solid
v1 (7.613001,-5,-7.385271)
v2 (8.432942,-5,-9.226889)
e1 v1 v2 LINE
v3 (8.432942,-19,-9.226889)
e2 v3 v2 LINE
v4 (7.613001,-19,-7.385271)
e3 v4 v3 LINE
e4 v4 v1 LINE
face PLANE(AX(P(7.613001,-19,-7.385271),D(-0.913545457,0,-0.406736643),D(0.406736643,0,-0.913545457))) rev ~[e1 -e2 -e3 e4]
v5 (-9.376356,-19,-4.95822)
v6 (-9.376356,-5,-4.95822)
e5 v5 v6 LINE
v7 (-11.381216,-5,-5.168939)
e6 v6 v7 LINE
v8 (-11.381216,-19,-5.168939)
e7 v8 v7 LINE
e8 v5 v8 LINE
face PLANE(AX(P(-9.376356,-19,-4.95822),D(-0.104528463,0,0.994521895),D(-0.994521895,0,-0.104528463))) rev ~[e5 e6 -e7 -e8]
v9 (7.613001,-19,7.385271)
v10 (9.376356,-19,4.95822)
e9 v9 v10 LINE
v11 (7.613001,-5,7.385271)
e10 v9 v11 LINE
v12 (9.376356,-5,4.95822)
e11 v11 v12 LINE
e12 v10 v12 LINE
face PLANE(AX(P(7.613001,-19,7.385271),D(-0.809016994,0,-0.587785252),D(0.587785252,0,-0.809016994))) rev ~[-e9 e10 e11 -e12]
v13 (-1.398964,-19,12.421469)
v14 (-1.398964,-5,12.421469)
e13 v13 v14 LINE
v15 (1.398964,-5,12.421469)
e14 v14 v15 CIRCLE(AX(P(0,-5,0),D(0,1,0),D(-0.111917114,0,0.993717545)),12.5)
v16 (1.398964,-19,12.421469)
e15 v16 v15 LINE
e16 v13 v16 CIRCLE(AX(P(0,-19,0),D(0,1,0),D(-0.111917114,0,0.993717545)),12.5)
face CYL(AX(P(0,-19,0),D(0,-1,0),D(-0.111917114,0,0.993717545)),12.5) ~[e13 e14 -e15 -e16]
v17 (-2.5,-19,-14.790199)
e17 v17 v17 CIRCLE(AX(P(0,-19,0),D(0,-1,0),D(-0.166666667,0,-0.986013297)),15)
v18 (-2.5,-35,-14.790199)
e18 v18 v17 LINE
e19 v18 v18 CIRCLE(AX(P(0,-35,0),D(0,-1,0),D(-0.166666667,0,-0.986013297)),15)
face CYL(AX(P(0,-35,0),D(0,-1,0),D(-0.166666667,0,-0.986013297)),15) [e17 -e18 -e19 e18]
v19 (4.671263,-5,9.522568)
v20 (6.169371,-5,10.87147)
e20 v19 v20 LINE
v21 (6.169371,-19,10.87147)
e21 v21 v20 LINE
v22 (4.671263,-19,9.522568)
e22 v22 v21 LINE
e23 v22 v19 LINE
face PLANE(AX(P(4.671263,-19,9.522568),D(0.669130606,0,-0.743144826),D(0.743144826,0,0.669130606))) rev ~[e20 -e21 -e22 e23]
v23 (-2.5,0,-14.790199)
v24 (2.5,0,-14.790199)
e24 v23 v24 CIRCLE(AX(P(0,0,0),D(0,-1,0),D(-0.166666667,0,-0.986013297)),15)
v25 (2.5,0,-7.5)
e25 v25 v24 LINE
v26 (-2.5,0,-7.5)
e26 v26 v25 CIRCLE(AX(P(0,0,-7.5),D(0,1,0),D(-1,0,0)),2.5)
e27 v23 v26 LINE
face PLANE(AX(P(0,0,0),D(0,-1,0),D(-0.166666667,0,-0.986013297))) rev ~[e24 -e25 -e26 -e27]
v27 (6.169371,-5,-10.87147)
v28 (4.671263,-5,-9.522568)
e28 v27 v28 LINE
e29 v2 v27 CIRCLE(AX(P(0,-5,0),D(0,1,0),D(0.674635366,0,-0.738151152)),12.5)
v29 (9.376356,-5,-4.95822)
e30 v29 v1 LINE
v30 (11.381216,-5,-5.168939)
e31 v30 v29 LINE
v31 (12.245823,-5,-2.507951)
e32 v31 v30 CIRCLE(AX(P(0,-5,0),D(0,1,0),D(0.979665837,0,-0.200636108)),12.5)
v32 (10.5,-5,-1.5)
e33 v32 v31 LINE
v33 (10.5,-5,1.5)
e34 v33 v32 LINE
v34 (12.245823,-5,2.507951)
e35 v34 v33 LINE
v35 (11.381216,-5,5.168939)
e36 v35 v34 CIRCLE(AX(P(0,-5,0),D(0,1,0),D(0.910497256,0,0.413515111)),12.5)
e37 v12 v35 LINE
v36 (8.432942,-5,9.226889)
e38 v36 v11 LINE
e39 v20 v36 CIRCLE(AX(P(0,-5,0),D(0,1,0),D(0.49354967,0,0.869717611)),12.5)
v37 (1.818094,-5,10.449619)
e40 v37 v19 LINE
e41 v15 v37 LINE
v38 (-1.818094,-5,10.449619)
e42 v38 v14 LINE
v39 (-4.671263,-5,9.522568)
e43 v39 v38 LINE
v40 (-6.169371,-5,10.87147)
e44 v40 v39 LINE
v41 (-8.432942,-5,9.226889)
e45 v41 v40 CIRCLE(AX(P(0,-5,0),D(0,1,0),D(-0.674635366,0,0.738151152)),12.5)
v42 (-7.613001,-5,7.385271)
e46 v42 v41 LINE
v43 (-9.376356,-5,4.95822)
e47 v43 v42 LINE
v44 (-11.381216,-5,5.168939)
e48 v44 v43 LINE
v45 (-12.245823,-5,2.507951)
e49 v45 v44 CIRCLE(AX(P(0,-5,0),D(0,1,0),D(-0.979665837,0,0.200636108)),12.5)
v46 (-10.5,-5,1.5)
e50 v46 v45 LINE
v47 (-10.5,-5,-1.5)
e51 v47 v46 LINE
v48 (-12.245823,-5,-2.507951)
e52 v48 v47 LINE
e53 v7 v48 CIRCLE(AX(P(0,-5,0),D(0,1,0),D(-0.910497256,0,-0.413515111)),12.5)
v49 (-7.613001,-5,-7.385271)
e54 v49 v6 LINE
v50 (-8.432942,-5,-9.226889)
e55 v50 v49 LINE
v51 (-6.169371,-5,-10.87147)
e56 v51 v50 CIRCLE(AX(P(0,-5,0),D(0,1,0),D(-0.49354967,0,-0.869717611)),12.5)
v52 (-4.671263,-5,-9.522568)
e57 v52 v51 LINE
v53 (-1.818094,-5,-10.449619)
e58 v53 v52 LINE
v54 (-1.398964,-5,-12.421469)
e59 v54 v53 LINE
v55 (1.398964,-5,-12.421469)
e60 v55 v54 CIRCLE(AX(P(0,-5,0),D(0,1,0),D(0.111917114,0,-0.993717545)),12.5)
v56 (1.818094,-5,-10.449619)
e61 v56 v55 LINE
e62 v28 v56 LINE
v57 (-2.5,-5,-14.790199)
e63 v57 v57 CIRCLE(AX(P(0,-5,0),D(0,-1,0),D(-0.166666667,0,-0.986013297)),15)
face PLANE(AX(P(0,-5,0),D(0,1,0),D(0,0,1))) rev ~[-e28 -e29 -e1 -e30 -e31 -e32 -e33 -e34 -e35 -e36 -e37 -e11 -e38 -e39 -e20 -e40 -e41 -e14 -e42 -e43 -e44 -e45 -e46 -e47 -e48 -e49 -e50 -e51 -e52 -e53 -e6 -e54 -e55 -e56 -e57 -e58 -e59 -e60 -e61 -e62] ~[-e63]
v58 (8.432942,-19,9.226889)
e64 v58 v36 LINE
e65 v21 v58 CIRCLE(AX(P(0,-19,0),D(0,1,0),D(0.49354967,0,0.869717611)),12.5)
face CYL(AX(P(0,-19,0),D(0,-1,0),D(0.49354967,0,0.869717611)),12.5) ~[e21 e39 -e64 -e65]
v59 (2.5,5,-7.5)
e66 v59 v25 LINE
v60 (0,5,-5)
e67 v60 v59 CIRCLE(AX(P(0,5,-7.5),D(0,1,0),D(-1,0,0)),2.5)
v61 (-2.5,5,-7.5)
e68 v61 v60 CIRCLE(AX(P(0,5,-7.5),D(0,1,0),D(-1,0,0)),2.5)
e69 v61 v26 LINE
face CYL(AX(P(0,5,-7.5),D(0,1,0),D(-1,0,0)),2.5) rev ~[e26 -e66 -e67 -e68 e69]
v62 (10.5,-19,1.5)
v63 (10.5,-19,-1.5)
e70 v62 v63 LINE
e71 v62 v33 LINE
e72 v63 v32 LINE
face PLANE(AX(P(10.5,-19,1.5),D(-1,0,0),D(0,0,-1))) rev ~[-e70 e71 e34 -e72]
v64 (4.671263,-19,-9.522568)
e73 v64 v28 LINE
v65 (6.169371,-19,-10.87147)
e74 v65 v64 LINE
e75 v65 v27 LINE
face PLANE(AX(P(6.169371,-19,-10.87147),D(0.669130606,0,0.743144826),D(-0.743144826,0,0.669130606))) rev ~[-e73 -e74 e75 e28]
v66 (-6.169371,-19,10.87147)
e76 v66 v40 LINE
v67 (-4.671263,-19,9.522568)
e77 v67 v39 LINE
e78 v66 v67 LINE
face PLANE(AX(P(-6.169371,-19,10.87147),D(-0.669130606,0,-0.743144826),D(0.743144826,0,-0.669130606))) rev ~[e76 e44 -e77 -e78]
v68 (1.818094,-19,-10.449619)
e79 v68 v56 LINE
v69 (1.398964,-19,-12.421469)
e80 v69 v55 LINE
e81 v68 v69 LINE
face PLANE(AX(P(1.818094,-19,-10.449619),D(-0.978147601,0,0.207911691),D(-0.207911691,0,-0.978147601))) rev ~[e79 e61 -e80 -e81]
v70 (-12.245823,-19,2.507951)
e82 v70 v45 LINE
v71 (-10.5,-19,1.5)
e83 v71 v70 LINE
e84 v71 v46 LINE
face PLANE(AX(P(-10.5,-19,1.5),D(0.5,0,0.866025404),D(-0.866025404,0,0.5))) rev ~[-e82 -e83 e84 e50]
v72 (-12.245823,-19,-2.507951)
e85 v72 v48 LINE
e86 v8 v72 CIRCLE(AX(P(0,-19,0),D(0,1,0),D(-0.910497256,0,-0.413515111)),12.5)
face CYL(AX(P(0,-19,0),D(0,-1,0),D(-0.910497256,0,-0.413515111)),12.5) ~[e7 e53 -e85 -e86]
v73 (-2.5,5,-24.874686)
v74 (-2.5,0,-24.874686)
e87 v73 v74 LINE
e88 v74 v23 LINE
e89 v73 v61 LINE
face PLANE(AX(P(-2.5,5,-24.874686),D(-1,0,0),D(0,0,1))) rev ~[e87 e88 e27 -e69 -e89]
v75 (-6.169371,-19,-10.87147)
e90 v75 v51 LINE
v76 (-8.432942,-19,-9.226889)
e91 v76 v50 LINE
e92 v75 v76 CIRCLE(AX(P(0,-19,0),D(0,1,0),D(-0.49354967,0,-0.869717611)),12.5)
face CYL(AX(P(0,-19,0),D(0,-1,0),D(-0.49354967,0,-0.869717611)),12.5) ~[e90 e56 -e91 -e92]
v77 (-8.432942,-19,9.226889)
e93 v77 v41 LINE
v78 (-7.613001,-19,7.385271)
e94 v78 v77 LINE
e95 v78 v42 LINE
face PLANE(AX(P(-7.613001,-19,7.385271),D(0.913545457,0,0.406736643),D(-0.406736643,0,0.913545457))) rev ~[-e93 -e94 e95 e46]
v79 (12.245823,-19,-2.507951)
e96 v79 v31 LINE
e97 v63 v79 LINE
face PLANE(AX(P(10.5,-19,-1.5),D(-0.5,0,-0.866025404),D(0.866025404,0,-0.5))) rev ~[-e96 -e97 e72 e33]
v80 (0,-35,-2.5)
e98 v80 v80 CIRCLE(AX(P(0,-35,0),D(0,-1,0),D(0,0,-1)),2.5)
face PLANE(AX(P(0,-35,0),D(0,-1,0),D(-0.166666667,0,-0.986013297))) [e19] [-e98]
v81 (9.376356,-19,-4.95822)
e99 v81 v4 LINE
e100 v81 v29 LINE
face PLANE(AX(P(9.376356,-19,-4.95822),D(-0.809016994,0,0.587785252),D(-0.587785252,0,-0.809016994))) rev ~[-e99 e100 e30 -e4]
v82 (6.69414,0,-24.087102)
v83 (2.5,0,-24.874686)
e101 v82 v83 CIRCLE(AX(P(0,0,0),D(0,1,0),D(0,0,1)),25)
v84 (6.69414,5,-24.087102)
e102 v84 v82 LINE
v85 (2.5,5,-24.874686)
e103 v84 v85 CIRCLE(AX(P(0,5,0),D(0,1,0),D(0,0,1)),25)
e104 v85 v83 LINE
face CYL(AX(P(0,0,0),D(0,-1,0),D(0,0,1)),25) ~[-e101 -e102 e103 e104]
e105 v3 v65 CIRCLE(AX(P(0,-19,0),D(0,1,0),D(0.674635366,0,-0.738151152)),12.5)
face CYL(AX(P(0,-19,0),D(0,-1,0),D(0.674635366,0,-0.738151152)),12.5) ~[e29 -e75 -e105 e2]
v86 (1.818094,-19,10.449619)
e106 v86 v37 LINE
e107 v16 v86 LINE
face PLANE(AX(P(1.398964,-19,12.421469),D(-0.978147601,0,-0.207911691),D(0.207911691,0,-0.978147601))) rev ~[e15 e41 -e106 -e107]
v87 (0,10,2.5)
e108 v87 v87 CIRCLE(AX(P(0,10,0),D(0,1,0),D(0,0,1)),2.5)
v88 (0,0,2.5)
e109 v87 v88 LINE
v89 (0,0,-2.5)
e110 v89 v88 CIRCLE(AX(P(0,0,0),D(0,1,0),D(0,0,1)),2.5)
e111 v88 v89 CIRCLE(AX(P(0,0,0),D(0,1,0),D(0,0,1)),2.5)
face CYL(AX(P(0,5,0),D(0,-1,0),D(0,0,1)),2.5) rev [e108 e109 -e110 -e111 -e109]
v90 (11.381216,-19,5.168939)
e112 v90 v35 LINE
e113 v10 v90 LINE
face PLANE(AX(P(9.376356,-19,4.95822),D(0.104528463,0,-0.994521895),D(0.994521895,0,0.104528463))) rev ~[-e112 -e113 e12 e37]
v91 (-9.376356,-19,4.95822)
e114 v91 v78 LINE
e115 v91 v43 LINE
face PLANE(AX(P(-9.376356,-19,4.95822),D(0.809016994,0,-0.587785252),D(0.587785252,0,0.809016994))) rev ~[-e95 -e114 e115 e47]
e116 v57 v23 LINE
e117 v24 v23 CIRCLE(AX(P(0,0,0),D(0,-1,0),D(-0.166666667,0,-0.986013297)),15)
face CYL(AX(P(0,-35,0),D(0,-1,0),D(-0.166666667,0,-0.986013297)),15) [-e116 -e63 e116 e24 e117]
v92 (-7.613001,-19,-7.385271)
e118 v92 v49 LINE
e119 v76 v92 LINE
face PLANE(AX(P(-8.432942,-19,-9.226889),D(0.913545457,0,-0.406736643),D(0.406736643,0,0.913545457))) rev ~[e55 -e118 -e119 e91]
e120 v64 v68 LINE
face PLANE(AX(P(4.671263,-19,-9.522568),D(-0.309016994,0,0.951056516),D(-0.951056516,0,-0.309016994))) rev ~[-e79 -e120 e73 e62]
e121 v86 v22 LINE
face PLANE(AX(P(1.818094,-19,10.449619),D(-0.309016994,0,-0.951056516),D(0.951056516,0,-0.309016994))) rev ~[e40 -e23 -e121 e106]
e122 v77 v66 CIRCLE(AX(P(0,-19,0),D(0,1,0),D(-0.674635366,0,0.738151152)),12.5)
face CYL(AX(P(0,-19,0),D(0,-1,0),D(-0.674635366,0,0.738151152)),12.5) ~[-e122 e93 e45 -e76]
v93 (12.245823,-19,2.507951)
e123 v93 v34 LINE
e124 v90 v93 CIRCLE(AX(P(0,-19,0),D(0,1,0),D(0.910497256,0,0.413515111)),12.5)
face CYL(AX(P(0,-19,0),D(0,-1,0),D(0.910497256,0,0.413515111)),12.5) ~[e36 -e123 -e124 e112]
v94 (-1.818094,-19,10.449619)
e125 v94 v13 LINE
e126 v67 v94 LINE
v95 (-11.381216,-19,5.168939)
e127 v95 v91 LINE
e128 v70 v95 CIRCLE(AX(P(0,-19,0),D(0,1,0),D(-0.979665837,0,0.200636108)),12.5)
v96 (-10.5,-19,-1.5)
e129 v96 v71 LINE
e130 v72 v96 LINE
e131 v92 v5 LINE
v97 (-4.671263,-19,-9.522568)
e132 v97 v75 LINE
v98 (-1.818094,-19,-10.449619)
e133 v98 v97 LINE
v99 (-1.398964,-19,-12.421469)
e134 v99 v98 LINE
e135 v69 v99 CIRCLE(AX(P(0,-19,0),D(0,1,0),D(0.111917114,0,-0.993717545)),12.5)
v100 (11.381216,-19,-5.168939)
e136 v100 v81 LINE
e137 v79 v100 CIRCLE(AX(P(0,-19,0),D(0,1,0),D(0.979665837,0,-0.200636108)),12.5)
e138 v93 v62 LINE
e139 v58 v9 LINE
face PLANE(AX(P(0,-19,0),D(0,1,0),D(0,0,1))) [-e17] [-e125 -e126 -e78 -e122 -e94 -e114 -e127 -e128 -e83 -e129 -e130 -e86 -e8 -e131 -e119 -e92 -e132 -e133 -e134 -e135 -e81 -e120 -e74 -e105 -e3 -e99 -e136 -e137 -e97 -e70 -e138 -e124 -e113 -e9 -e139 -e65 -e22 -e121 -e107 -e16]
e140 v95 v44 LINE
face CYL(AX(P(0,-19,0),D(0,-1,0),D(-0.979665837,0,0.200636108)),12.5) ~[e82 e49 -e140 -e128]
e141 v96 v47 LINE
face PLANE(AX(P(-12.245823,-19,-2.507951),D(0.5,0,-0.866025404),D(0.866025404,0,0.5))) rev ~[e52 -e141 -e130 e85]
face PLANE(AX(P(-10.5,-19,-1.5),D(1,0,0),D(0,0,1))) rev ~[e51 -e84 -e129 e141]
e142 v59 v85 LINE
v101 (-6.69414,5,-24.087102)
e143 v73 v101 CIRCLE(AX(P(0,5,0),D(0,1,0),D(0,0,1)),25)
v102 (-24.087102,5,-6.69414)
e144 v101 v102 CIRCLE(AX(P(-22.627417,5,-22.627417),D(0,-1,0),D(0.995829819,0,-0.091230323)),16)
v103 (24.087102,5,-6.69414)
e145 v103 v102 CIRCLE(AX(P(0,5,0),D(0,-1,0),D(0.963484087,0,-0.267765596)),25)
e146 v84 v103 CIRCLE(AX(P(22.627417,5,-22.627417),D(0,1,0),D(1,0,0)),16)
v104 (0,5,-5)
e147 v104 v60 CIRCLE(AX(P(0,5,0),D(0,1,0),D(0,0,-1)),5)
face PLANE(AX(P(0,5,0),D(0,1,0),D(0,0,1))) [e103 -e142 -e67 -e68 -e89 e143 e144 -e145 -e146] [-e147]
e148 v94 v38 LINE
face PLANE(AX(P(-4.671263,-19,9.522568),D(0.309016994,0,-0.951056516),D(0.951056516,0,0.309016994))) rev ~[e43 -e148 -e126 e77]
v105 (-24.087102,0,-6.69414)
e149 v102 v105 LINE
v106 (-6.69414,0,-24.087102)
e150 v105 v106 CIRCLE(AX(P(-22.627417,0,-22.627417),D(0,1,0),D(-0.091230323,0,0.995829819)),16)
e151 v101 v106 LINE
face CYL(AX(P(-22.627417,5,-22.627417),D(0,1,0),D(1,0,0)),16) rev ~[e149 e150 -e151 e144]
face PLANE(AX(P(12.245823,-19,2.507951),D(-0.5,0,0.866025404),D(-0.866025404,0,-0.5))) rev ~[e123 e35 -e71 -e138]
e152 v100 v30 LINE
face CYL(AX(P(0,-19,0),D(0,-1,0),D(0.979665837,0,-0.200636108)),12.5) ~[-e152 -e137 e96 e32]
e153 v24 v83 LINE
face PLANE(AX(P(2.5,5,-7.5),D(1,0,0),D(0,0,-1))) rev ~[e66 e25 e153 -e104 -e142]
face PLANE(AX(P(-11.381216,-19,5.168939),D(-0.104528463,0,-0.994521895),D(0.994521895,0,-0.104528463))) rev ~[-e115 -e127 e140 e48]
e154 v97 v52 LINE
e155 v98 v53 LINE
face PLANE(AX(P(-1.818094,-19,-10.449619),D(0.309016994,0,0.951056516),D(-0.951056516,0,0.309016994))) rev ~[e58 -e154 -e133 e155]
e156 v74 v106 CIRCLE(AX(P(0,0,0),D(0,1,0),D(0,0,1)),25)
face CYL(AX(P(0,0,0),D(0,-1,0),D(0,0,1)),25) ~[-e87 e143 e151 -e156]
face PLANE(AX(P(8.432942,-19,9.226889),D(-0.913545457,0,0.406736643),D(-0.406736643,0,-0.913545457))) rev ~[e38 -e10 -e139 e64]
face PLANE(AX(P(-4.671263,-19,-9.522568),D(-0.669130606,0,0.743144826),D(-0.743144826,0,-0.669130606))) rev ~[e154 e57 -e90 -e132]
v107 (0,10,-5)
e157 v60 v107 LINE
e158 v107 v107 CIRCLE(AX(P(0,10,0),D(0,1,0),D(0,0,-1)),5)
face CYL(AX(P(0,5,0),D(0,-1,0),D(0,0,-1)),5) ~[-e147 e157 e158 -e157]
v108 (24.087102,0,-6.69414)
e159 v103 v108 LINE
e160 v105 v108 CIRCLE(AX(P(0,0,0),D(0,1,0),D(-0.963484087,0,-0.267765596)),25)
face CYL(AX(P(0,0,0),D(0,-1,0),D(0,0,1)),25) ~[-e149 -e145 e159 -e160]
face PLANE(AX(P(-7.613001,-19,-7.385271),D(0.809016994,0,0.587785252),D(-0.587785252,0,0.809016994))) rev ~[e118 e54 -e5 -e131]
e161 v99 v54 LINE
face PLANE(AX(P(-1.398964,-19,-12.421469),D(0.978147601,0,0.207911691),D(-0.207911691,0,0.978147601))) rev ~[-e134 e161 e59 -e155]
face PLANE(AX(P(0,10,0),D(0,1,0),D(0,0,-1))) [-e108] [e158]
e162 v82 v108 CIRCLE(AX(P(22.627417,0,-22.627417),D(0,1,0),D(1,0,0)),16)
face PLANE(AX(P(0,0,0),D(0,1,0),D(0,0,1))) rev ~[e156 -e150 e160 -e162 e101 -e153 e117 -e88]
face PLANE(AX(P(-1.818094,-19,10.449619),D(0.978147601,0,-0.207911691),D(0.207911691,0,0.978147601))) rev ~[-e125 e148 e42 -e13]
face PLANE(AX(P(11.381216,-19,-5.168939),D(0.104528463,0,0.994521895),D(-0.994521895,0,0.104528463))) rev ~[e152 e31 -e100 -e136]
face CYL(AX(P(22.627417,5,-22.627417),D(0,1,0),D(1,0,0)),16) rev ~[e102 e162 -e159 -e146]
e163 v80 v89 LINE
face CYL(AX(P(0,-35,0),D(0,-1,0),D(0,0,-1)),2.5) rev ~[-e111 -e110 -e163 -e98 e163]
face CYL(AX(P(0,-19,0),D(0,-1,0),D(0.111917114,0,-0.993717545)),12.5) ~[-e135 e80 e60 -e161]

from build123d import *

# Parameters (mm, degrees)
SKETCH1_R           = 25
SKETCH1_R_2         = 2.5
BOSS_EXTRUDE1_DEPTH = 5
SKETCH2_R           = 16
CUT_EXTRUDE1_DEPTH  = 36.707142143
SKETCH3_R           = 5
SKETCH3_R_2         = 2.5
BOSS_EXTRUDE2_DEPTH = 5
BOSS_EXTRUDE3_START = 35
SKETCH4_R           = 15
SKETCH4_R_2         = 2.5
BOSS_EXTRUDE3_DEPTH = 35
CUT_EXTRUDE2_START  = -19
SKETCH5_R           = 15
CUT_EXTRUDE2_DEPTH  = 14


with BuildPart() as part:
    # Sketch1 → Boss-Extrude1 (new body)
    with BuildSketch(Plane(origin=(0, 0, 0), x_dir=(1, 0, 0), z_dir=(0, 1, 0))):
        with Locations(Location((0, 0, 0), (0, 0, 270))):
            Circle(SKETCH1_R)
        with Locations(Location((0, 0, 0), (0, 0, 270))):
            Circle(SKETCH1_R_2, mode=Mode.SUBTRACT)
    extrude(amount=BOSS_EXTRUDE1_DEPTH)

    # Sketch2 → Cut-Extrude1 (cut, through all)
    with BuildSketch(Plane(origin=(0, 5, 0), x_dir=(1, 0, 0), z_dir=(0, 1, 0))):
        with Locations((22.627416998, 22.627416998)):
            Circle(SKETCH2_R)
        with Locations((-22.627416998, 22.627416998)):
            Circle(SKETCH2_R)
        with BuildLine():
            Line((-2.5, 24.874685928), (-2.5, 7.5))
            ThreePointArc((-2.5, 7.5), (0, 5), (2.5, 7.5))
            Line((2.5, 7.5), (2.5, 24.874685928))
            ThreePointArc((2.5, 24.874685928), (0, 25), (-2.5, 24.874685928))
        make_face()
    extrude(amount=-CUT_EXTRUDE1_DEPTH, mode=Mode.SUBTRACT)

    # Sketch3 → Boss-Extrude2 (add)
    with BuildSketch(Plane(origin=(0, 5, 0), x_dir=(1, 0, 0), z_dir=(0, 1, 0))):
        with Locations(Location((0, 0, 0), (0, 0, 90))):
            Circle(SKETCH3_R)
        with Locations(Location((0, 0, 0), (0, 0, 270))):
            Circle(SKETCH3_R_2, mode=Mode.SUBTRACT)
    extrude(amount=BOSS_EXTRUDE2_DEPTH)

    # Sketch4 → Boss-Extrude3 (add)
    with BuildSketch(Plane.XZ.offset(BOSS_EXTRUDE3_START)):
        with Locations(Location((0, 0, 0), (0, 0, 260.405931773))):
            Circle(SKETCH4_R)
        with Locations(Location((0, 0, 0), (0, 0, 270))):
            Circle(SKETCH4_R_2, mode=Mode.SUBTRACT)
    extrude(amount=-BOSS_EXTRUDE3_DEPTH)

    # Sketch5 → Cut-Extrude2 (cut)
    with BuildSketch(Plane(origin=(0, 0, 0), x_dir=(1, 0, 0), z_dir=(0, 1, 0)).offset(CUT_EXTRUDE2_START)):
        with Locations(Location((0, 0, 0), (0, 0, 270))):
            Circle(SKETCH5_R)
        with BuildLine():
            Line((-10.5, 1.5), (-10.5, -1.5))
            Line((-10.5, -1.5), (-12.245822961, -2.507951357))
            ThreePointArc((-12.245822961, -2.507951357), (-11.888206454, -3.86271243), (-11.381215706, -5.16893887))
            Line((-11.381215706, -5.16893887), (-9.376356319, -4.958219658))
            Line((-9.376356319, -4.958219658), (-7.613000562, -7.385270641))
            Line((-7.613000562, -7.385270641), (-8.432942065, -9.226889407))
            ThreePointArc((-8.432942065, -9.226889407), (-7.347315654, -10.11271243), (-6.169370885, -10.871470134))
            Line((-6.169370885, -10.871470134), (-4.671263215, -9.52256793))
            Line((-4.671263215, -9.52256793), (-1.818093666, -10.449618913))
            Line((-1.818093666, -10.449618913), (-1.398963925, -12.421469315))
            ThreePointArc((-1.398963925, -12.421469315), (0, -12.5), (1.398963925, -12.421469315))
            Line((1.398963925, -12.421469315), (1.818093666, -10.449618913))
            Line((1.818093666, -10.449618913), (4.671263215, -9.52256793))
            Line((4.671263215, -9.52256793), (6.169370885, -10.871470134))
            ThreePointArc((6.169370885, -10.871470134), (7.347315654, -10.11271243), (8.432942065, -9.226889407))
            Line((8.432942065, -9.226889407), (7.613000562, -7.385270641))
            Line((7.613000562, -7.385270641), (9.376356319, -4.958219658))
            Line((9.376356319, -4.958219658), (11.381215706, -5.16893887))
            ThreePointArc((11.381215706, -5.16893887), (11.888206454, -3.86271243), (12.245822961, -2.507951357))
            Line((12.245822961, -2.507951357), (10.5, -1.5))
            Line((10.5, -1.5), (10.5, 1.5))
            Line((10.5, 1.5), (12.245822961, 2.507951357))
            ThreePointArc((12.245822961, 2.507951357), (11.888206454, 3.86271243), (11.381215706, 5.16893887))
            Line((11.381215706, 5.16893887), (9.376356319, 4.958219658))
            Line((9.376356319, 4.958219658), (7.613000562, 7.385270641))
            Line((7.613000562, 7.385270641), (8.432942065, 9.226889407))
            ThreePointArc((8.432942065, 9.226889407), (7.347315654, 10.11271243), (6.169370885, 10.871470134))
            Line((6.169370885, 10.871470134), (4.671263215, 9.52256793))
            Line((4.671263215, 9.52256793), (1.818093666, 10.449618913))
            Line((1.818093666, 10.449618913), (1.398963925, 12.421469315))
            ThreePointArc((1.398963925, 12.421469315), (0, 12.5), (-1.398963925, 12.421469315))
            Line((-1.398963925, 12.421469315), (-1.818093666, 10.449618913))
            Line((-1.818093666, 10.449618913), (-4.671263215, 9.52256793))
            Line((-4.671263215, 9.52256793), (-6.169370885, 10.871470134))
            ThreePointArc((-6.169370885, 10.871470134), (-7.347315654, 10.11271243), (-8.432942065, 9.226889407))
            Line((-8.432942065, 9.226889407), (-7.613000562, 7.385270641))
            Line((-7.613000562, 7.385270641), (-9.376356319, 4.958219658))
            Line((-9.376356319, 4.958219658), (-11.381215706, 5.16893887))
            ThreePointArc((-11.381215706, 5.16893887), (-11.888206454, 3.86271243), (-12.245822961, 2.507951357))
            Line((-12.245822961, 2.507951357), (-10.5, 1.5))
        make_face(mode=Mode.SUBTRACT)
    extrude(amount=CUT_EXTRUDE2_DEPTH, mode=Mode.SUBTRACT)


solid = part.part
